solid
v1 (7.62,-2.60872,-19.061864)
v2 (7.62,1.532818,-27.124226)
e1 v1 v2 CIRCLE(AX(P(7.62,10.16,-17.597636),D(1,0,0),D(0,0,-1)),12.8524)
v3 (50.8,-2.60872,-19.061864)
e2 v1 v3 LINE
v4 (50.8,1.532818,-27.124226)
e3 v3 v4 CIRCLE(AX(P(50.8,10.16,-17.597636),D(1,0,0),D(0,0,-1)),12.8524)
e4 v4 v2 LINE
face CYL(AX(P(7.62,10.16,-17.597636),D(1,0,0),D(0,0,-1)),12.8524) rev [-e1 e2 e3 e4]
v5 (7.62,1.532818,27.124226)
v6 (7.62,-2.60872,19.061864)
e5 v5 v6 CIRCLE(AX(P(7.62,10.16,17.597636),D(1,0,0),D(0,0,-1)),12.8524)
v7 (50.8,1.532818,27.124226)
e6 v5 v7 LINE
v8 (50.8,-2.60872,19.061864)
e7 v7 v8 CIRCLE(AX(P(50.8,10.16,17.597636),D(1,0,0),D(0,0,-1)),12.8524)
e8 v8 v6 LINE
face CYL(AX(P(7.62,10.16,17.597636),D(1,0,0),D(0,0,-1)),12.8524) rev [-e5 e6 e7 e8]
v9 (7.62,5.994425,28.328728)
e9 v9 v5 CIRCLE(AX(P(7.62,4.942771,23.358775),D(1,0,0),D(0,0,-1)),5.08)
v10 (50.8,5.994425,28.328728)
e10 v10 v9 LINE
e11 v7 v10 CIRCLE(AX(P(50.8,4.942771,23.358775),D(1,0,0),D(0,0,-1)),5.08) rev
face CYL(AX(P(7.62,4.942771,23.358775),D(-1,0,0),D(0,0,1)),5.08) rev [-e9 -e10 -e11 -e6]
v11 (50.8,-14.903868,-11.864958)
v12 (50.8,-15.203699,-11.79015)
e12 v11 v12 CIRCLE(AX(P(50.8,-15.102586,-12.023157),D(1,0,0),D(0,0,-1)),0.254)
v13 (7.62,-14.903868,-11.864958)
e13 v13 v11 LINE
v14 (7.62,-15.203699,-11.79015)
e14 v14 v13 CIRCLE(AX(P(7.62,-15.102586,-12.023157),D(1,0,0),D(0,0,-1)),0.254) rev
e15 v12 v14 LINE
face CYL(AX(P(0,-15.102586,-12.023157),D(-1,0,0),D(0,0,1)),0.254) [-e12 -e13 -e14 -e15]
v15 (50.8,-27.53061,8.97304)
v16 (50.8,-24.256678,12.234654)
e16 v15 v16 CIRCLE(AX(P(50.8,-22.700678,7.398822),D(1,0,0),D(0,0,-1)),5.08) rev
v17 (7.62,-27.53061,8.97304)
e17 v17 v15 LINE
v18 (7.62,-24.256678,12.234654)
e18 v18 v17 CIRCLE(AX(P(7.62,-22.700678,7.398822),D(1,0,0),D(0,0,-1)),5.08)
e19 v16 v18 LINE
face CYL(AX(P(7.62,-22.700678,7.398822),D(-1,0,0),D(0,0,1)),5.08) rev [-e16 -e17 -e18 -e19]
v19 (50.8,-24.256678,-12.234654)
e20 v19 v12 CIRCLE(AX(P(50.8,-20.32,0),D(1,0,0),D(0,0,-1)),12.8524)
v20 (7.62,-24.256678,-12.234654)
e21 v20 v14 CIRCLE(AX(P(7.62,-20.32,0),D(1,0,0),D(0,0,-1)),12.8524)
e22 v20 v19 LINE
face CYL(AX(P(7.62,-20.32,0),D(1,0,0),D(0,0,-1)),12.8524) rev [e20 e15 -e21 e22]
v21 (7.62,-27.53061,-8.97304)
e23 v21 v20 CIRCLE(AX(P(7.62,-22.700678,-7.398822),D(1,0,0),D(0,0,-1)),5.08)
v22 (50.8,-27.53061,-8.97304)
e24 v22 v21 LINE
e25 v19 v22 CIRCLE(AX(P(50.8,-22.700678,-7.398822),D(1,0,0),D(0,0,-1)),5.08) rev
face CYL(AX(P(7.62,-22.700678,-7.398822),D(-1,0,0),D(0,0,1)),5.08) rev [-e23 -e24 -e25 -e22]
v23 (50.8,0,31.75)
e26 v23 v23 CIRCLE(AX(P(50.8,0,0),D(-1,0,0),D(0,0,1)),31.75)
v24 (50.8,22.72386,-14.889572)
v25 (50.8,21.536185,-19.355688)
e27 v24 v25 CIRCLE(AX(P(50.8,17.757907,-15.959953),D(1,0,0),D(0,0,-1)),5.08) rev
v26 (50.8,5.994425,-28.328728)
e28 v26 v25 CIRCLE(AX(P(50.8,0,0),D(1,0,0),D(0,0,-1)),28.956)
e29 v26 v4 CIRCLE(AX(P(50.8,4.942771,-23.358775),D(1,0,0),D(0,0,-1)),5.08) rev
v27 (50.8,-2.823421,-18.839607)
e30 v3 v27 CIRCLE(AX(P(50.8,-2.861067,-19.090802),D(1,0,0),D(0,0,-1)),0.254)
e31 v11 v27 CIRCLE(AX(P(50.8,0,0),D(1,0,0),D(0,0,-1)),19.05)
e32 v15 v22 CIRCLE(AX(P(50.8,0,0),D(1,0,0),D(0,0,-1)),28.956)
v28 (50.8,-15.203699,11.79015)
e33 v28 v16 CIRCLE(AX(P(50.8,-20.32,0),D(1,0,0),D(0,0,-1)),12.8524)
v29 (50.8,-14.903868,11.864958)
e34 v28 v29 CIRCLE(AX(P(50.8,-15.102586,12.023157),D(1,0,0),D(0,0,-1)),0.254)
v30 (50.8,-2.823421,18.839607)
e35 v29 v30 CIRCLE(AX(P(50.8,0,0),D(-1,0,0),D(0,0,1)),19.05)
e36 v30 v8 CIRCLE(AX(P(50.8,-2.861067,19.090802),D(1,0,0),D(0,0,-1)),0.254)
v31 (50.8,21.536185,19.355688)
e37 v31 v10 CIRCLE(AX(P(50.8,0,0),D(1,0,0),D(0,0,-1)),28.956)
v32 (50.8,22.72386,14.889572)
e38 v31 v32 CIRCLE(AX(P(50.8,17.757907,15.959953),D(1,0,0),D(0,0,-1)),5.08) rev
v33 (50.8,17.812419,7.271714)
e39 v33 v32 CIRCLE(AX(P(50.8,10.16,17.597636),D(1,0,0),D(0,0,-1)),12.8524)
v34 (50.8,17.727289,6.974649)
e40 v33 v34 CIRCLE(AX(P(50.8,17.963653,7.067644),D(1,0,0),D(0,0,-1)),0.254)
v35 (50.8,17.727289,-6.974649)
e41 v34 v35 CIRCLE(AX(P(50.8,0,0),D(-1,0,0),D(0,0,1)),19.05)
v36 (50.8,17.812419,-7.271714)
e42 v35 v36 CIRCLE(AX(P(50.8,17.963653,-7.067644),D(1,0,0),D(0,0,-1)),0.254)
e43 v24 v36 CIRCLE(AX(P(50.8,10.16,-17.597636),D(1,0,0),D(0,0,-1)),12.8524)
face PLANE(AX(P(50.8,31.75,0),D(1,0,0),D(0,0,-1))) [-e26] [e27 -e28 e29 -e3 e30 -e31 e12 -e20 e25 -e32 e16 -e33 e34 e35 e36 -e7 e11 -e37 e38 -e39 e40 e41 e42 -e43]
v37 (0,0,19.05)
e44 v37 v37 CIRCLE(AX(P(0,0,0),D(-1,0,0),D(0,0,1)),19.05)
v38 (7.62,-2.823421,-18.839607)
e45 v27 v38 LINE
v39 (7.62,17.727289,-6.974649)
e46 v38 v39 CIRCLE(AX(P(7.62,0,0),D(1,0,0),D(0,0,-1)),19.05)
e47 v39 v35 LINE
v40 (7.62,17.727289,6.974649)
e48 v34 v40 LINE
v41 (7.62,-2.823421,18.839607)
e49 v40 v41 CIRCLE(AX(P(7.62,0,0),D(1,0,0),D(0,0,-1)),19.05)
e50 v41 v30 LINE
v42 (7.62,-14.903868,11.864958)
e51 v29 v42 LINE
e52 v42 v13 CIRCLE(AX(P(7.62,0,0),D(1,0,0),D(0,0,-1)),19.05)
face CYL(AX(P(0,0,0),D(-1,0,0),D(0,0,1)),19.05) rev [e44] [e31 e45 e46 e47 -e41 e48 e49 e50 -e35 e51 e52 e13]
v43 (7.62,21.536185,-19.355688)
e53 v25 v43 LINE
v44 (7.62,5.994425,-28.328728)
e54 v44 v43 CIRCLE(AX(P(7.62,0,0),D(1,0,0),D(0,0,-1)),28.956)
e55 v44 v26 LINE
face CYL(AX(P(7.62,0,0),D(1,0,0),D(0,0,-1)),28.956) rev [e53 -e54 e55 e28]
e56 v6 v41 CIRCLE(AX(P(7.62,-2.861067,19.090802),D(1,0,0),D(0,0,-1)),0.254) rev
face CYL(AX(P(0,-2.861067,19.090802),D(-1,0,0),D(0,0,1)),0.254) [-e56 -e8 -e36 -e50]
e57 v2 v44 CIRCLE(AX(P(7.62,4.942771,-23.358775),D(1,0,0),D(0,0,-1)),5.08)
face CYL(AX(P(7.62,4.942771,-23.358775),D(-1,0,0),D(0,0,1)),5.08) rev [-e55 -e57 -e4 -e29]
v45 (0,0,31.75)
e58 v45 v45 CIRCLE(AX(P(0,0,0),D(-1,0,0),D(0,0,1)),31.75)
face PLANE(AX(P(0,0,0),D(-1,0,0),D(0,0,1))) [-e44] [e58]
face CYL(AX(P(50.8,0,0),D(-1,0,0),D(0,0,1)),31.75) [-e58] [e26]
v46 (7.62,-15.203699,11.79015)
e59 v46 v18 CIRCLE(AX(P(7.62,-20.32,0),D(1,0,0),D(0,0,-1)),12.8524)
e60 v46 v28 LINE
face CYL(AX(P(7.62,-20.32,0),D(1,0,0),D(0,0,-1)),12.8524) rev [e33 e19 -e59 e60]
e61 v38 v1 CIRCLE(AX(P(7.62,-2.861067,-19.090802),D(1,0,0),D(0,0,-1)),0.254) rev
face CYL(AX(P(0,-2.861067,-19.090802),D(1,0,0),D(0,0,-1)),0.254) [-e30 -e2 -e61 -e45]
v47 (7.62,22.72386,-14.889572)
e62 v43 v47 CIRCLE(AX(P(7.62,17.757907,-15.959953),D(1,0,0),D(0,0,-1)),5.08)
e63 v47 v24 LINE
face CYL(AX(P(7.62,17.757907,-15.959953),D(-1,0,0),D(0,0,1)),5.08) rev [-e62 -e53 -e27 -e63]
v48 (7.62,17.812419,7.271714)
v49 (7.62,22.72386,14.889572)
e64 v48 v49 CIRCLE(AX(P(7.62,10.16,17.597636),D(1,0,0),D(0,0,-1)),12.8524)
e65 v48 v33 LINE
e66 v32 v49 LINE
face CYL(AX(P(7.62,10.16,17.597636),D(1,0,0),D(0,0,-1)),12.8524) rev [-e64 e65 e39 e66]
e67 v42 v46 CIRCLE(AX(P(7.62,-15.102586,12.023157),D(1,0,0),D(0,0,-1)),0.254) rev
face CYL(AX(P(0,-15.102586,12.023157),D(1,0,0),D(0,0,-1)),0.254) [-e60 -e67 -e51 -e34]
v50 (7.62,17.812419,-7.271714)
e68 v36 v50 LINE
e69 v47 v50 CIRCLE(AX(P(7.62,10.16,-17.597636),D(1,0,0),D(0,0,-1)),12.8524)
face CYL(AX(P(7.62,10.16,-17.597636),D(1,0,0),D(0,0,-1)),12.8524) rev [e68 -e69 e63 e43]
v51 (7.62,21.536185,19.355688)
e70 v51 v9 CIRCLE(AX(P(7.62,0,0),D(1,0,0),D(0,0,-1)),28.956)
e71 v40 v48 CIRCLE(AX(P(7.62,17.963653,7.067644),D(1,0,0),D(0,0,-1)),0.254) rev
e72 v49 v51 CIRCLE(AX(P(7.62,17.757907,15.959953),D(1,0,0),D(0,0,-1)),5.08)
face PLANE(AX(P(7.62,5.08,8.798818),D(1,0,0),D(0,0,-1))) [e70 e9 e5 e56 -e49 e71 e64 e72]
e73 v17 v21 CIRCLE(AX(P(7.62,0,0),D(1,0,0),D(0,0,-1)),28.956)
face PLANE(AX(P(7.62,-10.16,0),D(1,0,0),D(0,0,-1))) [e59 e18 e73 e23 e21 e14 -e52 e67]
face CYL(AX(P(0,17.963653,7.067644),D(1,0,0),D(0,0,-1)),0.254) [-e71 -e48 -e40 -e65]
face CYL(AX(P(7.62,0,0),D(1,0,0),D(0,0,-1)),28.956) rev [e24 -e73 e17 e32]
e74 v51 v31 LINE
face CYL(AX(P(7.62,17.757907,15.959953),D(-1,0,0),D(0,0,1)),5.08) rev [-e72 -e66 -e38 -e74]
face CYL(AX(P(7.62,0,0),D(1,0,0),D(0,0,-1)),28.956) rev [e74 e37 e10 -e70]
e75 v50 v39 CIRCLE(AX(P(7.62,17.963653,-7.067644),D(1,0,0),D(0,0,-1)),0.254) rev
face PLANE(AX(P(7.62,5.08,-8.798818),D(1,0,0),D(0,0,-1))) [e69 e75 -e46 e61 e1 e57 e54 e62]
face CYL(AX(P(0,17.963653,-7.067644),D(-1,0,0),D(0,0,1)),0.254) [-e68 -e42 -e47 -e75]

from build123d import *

# Parameters (mm, degrees)
SKETCH1_W             = 50.8
SKETCH1_H             = 31.75
CUT_EXTRUDE1_DEPTH    = 43.18
CUT_EXTRUDE2_DEPTH    = 43.18
CUT_EXTRUDE3_DEPTH    = 43.18
M36_CLEARANCE_HOLE1_D = 38.1
FILLET1_R             = 5.08
FILLET2_R             = 0.254


with BuildPart() as part:
    # Sketch1 → Revolve1 (revolve)
    with BuildSketch(Plane(origin=(0, 0, 0), x_dir=(-1, 0, 0), z_dir=(0, 0, -1)), mode=Mode.PRIVATE) as revolve1_sk:
        with Locations((-25.4, 15.875)):
            Rectangle(SKETCH1_W, SKETCH1_H)
    revolve(revolve1_sk.sketch.rotate(Axis((50.8, 0, 0), (-1, 0, 0)), 270), axis=Axis((50.8, 0, 0), (-1, 0, 0)))

    # Sketch2 → Cut-Extrude1 (cut)
    with BuildSketch(Plane(origin=(50.8, 0, 0), x_dir=(0, 0, -1), z_dir=(1, 0, 0))):
        with BuildLine():
            ThreePointArc((-17.574990767, 23.012380049), (-25.076631592, 14.478), (-28.716801108, 3.714198451))
            ThreePointArc((-28.716801108, 3.714198451), (-6.467131306, 3.7338), (-17.574990767, 23.012380049))
        make_face()
    extrude(amount=-CUT_EXTRUDE1_DEPTH, mode=Mode.SUBTRACT)

    # Sketch3 → Cut-Extrude2 (cut)
    with BuildSketch(Plane(origin=(50.8, 0, 0), x_dir=(0, 0, -1), z_dir=(1, 0, 0))):
        with BuildLine():
            ThreePointArc((-11.141810341, -26.7265785), (0, -28.956), (11.141810341, -26.7265785))
            ThreePointArc((11.141810341, -26.7265785), (0, -7.4676), (-11.141810341, -26.7265785))
        make_face()
    extrude(amount=-CUT_EXTRUDE2_DEPTH, mode=Mode.SUBTRACT)

    # Sketch4 → Cut-Extrude3 (cut)
    with BuildSketch(Plane(origin=(50.8, 0, 0), x_dir=(0, 0, -1), z_dir=(1, 0, 0))):
        with BuildLine():
            ThreePointArc((28.716801108, 3.714198451), (25.076631592, 14.478), (17.574990767, 23.01238005))
            ThreePointArc((17.574990767, 23.01238005), (6.467131305, 3.7338), (28.716801108, 3.714198451))
        make_face()
    extrude(amount=-CUT_EXTRUDE3_DEPTH, mode=Mode.SUBTRACT)

    # M36 Clearance Hole1 (through all)
    with Locations(Plane.ZY):
        with Locations((0, 0)):
            Hole(M36_CLEARANCE_HOLE1_D / 2)

    # Fillet1
    fillet1_edges = [part.edges().sort_by_distance(p)[0] for p in [
        (29.21, 23.012380049, 17.574990767),
        (29.21, 3.714198451, 28.716801108),
        (29.21, -26.7265785, 11.141810341),
        (29.21, -26.7265785, -11.141810341),
        (29.21, 3.714198451, -28.716801108),
        (29.21, 23.01238005, -17.574990767),
    ]]
    fillet(fillet1_edges, radius=FILLET1_R)

    # Fillet2
    fillet2_edges = [part.edges().sort_by_distance(p)[0] for p in [
        (29.21, 17.654613605, -7.156613617),
        (29.21, -2.629497604, -18.867650684),
        (29.21, 17.654613605, 7.156613618),
        (29.21, -15.025116, -11.711037067),
        (29.21, -15.025116, 11.711037067),
        (29.21, -2.629497604, 18.867650684),
    ]]
    fillet(fillet2_edges, radius=FILLET2_R)


solid = part.part
